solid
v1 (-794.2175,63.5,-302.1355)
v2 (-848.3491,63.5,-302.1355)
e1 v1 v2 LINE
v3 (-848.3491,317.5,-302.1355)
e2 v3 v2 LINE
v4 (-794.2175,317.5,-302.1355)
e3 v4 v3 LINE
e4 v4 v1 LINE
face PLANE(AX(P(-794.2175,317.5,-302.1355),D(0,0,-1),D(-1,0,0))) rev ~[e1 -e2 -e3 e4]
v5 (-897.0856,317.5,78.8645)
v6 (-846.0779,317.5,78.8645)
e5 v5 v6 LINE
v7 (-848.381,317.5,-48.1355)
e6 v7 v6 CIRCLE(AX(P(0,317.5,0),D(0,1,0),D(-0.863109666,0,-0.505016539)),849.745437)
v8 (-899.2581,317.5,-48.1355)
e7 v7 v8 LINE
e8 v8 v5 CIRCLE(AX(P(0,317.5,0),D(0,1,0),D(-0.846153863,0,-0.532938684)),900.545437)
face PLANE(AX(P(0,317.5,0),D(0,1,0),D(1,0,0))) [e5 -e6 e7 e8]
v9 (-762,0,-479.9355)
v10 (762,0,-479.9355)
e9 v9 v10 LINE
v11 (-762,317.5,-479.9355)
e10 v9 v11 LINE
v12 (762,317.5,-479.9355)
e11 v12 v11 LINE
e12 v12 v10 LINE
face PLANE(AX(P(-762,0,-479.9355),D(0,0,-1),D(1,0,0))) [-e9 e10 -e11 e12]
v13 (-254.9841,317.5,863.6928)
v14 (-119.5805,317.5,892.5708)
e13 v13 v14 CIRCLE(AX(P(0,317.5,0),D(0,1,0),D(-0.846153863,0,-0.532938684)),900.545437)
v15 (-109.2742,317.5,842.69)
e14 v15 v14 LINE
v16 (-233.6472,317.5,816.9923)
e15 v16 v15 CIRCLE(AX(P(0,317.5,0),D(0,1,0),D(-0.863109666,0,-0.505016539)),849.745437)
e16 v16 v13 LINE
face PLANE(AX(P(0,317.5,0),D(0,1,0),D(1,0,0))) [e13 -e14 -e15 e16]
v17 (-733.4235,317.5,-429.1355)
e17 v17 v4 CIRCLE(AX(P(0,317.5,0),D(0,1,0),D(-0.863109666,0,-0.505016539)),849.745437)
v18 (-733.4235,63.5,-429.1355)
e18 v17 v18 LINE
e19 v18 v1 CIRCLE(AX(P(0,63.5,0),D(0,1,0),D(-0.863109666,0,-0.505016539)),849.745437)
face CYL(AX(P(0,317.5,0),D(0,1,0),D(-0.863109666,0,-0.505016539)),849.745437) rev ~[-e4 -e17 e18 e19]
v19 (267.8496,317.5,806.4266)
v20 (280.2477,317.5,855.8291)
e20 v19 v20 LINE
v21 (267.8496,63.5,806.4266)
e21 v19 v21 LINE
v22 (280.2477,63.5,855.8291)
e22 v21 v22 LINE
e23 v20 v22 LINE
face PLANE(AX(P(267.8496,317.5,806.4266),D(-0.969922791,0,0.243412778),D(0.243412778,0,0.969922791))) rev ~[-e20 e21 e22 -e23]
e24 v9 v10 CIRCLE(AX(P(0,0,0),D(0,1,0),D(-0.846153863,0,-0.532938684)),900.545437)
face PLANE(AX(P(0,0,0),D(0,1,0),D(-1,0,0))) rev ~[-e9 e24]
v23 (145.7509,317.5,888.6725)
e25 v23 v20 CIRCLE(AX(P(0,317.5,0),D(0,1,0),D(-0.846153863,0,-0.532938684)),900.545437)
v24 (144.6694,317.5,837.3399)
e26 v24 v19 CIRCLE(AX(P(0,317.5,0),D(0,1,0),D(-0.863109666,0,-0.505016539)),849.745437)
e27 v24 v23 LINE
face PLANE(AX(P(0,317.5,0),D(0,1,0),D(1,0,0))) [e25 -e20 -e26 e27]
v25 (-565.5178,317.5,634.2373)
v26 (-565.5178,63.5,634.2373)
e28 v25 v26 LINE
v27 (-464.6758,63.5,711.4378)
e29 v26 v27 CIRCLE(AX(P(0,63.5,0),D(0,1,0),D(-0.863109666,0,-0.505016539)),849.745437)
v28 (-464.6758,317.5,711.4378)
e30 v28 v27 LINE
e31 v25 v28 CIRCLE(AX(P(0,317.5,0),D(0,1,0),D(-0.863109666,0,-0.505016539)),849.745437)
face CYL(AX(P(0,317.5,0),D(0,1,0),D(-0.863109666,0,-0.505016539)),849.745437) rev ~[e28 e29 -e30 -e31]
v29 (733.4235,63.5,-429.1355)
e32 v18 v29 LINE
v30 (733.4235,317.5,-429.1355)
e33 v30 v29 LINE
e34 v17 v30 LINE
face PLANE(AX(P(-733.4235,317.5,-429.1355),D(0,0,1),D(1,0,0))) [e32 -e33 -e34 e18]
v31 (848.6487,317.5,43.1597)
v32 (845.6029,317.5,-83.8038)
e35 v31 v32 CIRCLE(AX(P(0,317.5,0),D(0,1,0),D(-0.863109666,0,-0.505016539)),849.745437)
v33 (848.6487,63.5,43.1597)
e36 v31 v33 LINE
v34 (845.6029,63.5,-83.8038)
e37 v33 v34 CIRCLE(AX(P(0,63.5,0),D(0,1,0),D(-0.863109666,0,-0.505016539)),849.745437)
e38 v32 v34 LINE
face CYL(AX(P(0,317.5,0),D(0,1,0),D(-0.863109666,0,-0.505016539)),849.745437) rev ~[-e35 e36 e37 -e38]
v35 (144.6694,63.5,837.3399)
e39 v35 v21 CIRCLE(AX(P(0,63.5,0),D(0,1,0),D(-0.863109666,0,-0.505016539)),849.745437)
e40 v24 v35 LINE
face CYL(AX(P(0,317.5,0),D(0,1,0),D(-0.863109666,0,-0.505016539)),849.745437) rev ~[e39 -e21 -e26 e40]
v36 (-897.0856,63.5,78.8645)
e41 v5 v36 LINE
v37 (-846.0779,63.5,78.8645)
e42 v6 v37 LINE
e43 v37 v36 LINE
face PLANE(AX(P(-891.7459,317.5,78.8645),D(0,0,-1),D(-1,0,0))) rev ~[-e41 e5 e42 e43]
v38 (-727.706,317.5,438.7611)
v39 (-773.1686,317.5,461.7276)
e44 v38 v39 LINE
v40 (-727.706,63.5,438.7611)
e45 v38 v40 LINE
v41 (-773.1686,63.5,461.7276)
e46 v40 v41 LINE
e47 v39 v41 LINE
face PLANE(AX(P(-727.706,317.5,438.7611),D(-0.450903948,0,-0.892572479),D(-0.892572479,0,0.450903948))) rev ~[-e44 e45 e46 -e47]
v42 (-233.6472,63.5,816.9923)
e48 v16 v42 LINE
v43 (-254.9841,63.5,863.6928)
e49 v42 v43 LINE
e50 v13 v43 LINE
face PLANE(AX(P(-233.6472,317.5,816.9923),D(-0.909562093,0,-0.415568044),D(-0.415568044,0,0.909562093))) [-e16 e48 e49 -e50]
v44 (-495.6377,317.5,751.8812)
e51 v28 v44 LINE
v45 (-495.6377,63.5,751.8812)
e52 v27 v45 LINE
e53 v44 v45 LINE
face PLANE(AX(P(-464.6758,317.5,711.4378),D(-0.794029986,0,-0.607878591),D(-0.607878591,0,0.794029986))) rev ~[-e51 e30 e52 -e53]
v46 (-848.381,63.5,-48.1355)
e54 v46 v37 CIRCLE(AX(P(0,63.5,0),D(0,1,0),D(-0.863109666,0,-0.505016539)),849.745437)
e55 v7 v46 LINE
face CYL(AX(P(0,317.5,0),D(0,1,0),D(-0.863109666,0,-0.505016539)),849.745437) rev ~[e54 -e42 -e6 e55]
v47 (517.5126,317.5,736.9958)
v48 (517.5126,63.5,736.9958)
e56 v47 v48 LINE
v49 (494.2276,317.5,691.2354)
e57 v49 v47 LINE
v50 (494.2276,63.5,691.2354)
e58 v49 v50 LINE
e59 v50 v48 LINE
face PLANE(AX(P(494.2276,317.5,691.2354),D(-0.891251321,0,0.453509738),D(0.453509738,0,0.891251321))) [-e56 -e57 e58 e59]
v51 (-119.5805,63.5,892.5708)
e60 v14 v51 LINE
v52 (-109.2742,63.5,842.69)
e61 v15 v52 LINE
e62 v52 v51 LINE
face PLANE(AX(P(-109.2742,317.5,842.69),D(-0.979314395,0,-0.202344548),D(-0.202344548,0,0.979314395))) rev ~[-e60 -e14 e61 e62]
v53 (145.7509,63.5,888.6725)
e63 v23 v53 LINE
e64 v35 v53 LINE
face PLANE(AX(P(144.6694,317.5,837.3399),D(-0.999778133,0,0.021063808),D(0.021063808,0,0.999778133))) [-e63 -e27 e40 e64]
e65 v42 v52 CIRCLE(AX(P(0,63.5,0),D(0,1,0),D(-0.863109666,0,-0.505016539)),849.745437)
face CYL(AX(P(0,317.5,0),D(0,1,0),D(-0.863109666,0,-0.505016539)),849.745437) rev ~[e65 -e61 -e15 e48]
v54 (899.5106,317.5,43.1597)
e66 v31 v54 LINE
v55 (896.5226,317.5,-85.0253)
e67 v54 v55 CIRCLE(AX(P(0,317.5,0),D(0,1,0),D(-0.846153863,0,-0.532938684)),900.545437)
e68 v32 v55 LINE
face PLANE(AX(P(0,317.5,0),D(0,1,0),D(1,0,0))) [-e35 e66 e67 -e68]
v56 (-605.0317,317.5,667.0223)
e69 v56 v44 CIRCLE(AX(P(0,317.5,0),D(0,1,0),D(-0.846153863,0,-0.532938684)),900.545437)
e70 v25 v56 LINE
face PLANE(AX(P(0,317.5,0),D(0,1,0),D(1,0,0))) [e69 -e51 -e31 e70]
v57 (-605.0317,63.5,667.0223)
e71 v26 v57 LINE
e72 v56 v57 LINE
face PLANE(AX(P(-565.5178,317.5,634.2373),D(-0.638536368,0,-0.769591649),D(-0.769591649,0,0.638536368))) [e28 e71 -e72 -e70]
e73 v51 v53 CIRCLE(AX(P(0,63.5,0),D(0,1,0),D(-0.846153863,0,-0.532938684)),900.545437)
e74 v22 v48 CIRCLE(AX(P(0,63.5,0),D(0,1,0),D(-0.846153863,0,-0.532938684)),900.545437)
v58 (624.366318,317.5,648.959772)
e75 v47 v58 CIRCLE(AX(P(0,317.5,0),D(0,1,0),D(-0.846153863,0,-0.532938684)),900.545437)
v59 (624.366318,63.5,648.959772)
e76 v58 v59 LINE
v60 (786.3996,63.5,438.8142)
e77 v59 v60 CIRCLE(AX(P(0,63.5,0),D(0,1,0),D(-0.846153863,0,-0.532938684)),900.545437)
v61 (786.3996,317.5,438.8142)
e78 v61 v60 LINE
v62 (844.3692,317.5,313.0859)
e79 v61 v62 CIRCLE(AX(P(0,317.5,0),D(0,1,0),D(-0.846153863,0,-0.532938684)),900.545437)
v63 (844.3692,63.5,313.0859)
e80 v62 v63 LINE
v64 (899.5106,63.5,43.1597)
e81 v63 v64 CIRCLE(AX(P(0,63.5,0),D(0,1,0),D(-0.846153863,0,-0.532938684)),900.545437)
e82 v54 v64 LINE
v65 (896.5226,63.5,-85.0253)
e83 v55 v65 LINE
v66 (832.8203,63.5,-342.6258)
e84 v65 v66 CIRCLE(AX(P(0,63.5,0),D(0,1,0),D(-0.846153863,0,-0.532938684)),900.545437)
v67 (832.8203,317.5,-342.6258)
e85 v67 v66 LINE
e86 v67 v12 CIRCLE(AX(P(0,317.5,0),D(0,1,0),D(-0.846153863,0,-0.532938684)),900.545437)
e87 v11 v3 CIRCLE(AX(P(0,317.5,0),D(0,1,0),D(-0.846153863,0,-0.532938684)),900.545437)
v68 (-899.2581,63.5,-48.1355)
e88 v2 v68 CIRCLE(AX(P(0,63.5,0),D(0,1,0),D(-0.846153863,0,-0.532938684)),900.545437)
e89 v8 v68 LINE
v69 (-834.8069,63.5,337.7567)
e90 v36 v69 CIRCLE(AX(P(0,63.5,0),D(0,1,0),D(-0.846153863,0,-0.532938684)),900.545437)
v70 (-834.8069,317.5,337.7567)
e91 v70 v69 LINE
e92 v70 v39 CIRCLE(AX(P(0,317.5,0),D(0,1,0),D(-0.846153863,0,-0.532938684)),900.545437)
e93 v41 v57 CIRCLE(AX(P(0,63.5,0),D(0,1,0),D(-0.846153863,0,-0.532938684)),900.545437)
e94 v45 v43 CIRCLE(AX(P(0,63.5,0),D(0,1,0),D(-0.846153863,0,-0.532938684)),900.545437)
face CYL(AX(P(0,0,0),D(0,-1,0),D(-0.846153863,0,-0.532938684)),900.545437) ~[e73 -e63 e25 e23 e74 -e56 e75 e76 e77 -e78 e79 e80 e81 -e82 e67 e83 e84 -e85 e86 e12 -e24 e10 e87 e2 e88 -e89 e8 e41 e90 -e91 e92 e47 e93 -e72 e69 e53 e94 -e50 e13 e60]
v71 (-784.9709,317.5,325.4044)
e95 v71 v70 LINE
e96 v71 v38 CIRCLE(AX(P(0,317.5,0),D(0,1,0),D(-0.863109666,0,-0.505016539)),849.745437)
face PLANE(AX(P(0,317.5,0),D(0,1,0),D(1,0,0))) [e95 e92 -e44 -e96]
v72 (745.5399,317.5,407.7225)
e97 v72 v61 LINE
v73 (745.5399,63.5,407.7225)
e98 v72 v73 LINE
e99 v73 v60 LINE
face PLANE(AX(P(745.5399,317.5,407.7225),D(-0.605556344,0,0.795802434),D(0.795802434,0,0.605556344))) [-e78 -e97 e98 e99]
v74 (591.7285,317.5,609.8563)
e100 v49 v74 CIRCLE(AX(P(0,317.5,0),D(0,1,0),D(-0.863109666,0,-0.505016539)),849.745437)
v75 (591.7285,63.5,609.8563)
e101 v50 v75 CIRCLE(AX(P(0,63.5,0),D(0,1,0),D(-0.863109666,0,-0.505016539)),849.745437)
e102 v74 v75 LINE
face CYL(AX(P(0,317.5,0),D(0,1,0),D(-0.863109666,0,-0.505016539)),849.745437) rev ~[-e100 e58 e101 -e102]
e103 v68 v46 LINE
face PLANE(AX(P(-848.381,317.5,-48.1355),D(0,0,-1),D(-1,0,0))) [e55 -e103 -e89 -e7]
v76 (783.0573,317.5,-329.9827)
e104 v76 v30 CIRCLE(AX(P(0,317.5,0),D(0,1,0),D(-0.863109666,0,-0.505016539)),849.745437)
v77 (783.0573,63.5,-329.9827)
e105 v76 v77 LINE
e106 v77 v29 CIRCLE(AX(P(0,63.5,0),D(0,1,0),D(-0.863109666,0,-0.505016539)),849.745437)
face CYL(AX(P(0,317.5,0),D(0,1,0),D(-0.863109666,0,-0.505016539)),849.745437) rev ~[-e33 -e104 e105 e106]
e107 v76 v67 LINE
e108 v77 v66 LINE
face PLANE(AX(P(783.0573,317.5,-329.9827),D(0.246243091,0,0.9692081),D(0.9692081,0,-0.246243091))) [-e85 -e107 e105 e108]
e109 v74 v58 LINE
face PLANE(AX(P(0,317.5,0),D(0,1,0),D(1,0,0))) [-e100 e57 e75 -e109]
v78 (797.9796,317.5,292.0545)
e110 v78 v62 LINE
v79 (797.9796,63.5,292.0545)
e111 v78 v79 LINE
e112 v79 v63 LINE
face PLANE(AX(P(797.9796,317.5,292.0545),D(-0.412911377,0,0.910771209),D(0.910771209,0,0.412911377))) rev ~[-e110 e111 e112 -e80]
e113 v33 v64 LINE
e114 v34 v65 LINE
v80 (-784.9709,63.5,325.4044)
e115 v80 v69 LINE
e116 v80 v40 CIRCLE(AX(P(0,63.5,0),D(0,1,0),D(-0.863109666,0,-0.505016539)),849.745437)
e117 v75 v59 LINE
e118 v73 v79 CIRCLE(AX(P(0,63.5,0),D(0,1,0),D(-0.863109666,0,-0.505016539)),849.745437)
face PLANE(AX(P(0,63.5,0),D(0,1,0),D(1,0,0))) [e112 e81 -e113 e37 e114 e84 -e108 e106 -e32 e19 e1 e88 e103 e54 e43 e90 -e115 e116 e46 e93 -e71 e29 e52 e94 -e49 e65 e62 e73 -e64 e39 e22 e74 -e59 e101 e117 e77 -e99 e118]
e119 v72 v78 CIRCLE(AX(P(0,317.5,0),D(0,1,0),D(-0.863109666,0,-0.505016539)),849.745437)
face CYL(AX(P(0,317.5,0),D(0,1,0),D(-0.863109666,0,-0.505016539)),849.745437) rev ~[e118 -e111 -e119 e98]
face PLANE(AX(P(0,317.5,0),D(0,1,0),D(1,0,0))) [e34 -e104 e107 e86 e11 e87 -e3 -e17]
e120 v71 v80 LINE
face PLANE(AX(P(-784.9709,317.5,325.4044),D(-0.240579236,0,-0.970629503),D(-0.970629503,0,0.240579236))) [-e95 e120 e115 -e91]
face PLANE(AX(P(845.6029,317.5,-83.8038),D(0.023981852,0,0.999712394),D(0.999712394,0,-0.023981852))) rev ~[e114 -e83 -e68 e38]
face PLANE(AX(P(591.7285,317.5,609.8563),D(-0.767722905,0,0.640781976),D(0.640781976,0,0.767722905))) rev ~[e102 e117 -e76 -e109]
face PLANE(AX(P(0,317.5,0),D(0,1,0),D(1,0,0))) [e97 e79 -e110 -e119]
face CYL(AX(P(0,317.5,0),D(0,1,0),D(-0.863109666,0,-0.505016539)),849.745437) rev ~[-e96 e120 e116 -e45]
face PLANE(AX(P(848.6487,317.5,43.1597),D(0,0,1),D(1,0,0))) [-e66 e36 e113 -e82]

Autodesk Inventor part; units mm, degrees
ref_plane "YZ Plane" through (0, 0, 0) normal (1, 0, 0) x (0, 1, 0)
ref_plane "XZ Plane" through (0, 0, 0) normal (0, 1, 0) x (-1, 0, 0)
ref_plane "XY Plane" through (0, 0, 0) normal (0, 0, 1) x (1, 0, 0)
sketch "Sketch2" plane through (0, 0, 0) normal (0, 1, 0) x (-1, 0, 0)
  arc A0 (762, -479.9355) -> (-762, -479.9355) centre (0, 0) ccw
  line L0 (900.5455, 0) -> (762, 0)
  line L1 (762, -479.9355) -> (-762, -479.9355)
  dimension "d8" = 1524
extrude "Extrusion1" add sketch "Sketch2" along normal blind 63.5
sketch "Sketch9" plane through (0, 63.5, 0) normal (0, 1, 0) x (1, 0, 0)
  arc A0 (-762, 479.9355) -> (762, 479.9355) centre (0, 0) ccw
  line L0 (762, 479.9355) -> (-762, 479.9355) projected
  line L1 (-762, 479.9355) -> (762, 479.9355)
extrude "Extrusion10" add sketch "Sketch9" along normal blind 254
sketch "Sketch10" plane through (0, 317.5, 0) normal (0, 1, 0) x (1, 0, 0)
  arc A0 (-762, 479.9355) -> (762, 479.9355) centre (0, 0) ccw
  line L0 (762, 479.9355) -> (-762, 479.9355) projected
  line L1 (-762, 479.9355) -> (762, 479.9355)
  arc A1 (-733.4235, 429.1355) -> (733.4235, 429.1355) centre (0, 0) ccw
  line L2 (-733.4235, 429.1355) -> (733.4235, 429.1355)
  line L3 (-733.4235, 429.1355) -> (-791.7227, 429.1355)
  arc A2 (-762, 479.9355) -> (762, 479.9355) centre (0, 0) ccw projected
  line L4 (733.4235, 429.1355) -> (791.7227, 429.1355)
  line L5 (-794.2175, 302.1355) -> (-848.3491, 302.1355)
  line L6 (-848.381, 48.1355) -> (-899.0048, 48.1355)
  line L7 (-846.0779, -78.8645) -> (-891.7459, -78.8645)
  line L8 (-891.7459, -78.8645) -> (-897.0856, -78.8645)
  line L9 (-899.0048, 48.1355) -> (-899.2581, 48.1355)
  arc A3 (-762, 479.9355) -> (762, 479.9355) centre (0, 0) ccw projected
  line L10 (-784.9709, -325.4044) -> (-834.8069, -337.7567)
  line L11 (-784.9709, -325.4044) -> (-727.706, -438.7611)
  line L12 (-727.706, -438.7611) -> (-773.1686, -461.7276)
  line L13 (-565.5178, -634.2373) -> (-605.0317, -667.0223)
  line L14 (-565.5178, -634.2373) -> (-464.6758, -711.4378)
  line L15 (-464.6758, -711.4378) -> (-495.6377, -751.8812)
  line L16 (-233.6472, -816.9923) -> (-254.9841, -863.6928)
  line L17 (-109.2742, -842.69) -> (-119.5805, -892.5708)
  line L18 (144.6694, -837.3399) -> (145.7509, -888.6725)
  line L19 (267.8496, -806.4266) -> (280.2477, -855.8291)
  line L20 (494.2276, -691.2354) -> (517.5126, -736.9958)
  line L21 (591.7285, -609.8563) -> (625.6901, -650.5458)
  line L22 (745.5399, -407.7225) -> (786.3996, -438.8142)
  line L23 (797.9796, -292.0545) -> (844.3692, -313.0859)
  line L24 (848.6487, -43.1597) -> (899.5106, -43.1597)
  line L25 (845.6029, 83.8038) -> (896.5226, 85.0253)
  line L26 (783.0573, 329.9827) -> (832.8203, 342.6258)
  point P0 (624.3663, -648.9598)
  dimension "d44" = 50.8
extrude "Extrusion13" cut sketch "Sketch10" against normal blind 254 contours L5 A1 L6 L9 A0 | A0 L25 A1 L26 | L8 L7 A1 L10 A0 | A0 L23 A1 L24 | L12 A1 L13 A0 | A0 L21 A1 L22 | L15 A1 L16 A0 | A0 L19 A1 L20 | L17 A1 L18 A0
sketch "Sketch12" plane through (0, 317.5, 0) normal (0, 1, 0) x (1, 0, 0)
  arc A0 (899.5106, -43.1597) -> (896.5226, 85.0253) centre (0, 0) ccw projected
  arc A1 (-762, 479.9355) -> (762, 479.9355) centre (0, 0) ccw
  line L0 (762, 479.9355) -> (-762, 479.9355) projected
  line L1 (-762, 479.9355) -> (762, 479.9355)
  arc A2 (-733.4235, 429.1355) -> (733.4235, 429.1355) centre (0, 0) ccw
  line L2 (-733.4235, 429.1355) -> (733.4235, 429.1355)
  dimension "d73" = 50.8
extrude "Extrusion14" cut sketch "Sketch12" against normal blind 254 contours L2 A2
properties part number "Nest-ver3-1111-2021"
